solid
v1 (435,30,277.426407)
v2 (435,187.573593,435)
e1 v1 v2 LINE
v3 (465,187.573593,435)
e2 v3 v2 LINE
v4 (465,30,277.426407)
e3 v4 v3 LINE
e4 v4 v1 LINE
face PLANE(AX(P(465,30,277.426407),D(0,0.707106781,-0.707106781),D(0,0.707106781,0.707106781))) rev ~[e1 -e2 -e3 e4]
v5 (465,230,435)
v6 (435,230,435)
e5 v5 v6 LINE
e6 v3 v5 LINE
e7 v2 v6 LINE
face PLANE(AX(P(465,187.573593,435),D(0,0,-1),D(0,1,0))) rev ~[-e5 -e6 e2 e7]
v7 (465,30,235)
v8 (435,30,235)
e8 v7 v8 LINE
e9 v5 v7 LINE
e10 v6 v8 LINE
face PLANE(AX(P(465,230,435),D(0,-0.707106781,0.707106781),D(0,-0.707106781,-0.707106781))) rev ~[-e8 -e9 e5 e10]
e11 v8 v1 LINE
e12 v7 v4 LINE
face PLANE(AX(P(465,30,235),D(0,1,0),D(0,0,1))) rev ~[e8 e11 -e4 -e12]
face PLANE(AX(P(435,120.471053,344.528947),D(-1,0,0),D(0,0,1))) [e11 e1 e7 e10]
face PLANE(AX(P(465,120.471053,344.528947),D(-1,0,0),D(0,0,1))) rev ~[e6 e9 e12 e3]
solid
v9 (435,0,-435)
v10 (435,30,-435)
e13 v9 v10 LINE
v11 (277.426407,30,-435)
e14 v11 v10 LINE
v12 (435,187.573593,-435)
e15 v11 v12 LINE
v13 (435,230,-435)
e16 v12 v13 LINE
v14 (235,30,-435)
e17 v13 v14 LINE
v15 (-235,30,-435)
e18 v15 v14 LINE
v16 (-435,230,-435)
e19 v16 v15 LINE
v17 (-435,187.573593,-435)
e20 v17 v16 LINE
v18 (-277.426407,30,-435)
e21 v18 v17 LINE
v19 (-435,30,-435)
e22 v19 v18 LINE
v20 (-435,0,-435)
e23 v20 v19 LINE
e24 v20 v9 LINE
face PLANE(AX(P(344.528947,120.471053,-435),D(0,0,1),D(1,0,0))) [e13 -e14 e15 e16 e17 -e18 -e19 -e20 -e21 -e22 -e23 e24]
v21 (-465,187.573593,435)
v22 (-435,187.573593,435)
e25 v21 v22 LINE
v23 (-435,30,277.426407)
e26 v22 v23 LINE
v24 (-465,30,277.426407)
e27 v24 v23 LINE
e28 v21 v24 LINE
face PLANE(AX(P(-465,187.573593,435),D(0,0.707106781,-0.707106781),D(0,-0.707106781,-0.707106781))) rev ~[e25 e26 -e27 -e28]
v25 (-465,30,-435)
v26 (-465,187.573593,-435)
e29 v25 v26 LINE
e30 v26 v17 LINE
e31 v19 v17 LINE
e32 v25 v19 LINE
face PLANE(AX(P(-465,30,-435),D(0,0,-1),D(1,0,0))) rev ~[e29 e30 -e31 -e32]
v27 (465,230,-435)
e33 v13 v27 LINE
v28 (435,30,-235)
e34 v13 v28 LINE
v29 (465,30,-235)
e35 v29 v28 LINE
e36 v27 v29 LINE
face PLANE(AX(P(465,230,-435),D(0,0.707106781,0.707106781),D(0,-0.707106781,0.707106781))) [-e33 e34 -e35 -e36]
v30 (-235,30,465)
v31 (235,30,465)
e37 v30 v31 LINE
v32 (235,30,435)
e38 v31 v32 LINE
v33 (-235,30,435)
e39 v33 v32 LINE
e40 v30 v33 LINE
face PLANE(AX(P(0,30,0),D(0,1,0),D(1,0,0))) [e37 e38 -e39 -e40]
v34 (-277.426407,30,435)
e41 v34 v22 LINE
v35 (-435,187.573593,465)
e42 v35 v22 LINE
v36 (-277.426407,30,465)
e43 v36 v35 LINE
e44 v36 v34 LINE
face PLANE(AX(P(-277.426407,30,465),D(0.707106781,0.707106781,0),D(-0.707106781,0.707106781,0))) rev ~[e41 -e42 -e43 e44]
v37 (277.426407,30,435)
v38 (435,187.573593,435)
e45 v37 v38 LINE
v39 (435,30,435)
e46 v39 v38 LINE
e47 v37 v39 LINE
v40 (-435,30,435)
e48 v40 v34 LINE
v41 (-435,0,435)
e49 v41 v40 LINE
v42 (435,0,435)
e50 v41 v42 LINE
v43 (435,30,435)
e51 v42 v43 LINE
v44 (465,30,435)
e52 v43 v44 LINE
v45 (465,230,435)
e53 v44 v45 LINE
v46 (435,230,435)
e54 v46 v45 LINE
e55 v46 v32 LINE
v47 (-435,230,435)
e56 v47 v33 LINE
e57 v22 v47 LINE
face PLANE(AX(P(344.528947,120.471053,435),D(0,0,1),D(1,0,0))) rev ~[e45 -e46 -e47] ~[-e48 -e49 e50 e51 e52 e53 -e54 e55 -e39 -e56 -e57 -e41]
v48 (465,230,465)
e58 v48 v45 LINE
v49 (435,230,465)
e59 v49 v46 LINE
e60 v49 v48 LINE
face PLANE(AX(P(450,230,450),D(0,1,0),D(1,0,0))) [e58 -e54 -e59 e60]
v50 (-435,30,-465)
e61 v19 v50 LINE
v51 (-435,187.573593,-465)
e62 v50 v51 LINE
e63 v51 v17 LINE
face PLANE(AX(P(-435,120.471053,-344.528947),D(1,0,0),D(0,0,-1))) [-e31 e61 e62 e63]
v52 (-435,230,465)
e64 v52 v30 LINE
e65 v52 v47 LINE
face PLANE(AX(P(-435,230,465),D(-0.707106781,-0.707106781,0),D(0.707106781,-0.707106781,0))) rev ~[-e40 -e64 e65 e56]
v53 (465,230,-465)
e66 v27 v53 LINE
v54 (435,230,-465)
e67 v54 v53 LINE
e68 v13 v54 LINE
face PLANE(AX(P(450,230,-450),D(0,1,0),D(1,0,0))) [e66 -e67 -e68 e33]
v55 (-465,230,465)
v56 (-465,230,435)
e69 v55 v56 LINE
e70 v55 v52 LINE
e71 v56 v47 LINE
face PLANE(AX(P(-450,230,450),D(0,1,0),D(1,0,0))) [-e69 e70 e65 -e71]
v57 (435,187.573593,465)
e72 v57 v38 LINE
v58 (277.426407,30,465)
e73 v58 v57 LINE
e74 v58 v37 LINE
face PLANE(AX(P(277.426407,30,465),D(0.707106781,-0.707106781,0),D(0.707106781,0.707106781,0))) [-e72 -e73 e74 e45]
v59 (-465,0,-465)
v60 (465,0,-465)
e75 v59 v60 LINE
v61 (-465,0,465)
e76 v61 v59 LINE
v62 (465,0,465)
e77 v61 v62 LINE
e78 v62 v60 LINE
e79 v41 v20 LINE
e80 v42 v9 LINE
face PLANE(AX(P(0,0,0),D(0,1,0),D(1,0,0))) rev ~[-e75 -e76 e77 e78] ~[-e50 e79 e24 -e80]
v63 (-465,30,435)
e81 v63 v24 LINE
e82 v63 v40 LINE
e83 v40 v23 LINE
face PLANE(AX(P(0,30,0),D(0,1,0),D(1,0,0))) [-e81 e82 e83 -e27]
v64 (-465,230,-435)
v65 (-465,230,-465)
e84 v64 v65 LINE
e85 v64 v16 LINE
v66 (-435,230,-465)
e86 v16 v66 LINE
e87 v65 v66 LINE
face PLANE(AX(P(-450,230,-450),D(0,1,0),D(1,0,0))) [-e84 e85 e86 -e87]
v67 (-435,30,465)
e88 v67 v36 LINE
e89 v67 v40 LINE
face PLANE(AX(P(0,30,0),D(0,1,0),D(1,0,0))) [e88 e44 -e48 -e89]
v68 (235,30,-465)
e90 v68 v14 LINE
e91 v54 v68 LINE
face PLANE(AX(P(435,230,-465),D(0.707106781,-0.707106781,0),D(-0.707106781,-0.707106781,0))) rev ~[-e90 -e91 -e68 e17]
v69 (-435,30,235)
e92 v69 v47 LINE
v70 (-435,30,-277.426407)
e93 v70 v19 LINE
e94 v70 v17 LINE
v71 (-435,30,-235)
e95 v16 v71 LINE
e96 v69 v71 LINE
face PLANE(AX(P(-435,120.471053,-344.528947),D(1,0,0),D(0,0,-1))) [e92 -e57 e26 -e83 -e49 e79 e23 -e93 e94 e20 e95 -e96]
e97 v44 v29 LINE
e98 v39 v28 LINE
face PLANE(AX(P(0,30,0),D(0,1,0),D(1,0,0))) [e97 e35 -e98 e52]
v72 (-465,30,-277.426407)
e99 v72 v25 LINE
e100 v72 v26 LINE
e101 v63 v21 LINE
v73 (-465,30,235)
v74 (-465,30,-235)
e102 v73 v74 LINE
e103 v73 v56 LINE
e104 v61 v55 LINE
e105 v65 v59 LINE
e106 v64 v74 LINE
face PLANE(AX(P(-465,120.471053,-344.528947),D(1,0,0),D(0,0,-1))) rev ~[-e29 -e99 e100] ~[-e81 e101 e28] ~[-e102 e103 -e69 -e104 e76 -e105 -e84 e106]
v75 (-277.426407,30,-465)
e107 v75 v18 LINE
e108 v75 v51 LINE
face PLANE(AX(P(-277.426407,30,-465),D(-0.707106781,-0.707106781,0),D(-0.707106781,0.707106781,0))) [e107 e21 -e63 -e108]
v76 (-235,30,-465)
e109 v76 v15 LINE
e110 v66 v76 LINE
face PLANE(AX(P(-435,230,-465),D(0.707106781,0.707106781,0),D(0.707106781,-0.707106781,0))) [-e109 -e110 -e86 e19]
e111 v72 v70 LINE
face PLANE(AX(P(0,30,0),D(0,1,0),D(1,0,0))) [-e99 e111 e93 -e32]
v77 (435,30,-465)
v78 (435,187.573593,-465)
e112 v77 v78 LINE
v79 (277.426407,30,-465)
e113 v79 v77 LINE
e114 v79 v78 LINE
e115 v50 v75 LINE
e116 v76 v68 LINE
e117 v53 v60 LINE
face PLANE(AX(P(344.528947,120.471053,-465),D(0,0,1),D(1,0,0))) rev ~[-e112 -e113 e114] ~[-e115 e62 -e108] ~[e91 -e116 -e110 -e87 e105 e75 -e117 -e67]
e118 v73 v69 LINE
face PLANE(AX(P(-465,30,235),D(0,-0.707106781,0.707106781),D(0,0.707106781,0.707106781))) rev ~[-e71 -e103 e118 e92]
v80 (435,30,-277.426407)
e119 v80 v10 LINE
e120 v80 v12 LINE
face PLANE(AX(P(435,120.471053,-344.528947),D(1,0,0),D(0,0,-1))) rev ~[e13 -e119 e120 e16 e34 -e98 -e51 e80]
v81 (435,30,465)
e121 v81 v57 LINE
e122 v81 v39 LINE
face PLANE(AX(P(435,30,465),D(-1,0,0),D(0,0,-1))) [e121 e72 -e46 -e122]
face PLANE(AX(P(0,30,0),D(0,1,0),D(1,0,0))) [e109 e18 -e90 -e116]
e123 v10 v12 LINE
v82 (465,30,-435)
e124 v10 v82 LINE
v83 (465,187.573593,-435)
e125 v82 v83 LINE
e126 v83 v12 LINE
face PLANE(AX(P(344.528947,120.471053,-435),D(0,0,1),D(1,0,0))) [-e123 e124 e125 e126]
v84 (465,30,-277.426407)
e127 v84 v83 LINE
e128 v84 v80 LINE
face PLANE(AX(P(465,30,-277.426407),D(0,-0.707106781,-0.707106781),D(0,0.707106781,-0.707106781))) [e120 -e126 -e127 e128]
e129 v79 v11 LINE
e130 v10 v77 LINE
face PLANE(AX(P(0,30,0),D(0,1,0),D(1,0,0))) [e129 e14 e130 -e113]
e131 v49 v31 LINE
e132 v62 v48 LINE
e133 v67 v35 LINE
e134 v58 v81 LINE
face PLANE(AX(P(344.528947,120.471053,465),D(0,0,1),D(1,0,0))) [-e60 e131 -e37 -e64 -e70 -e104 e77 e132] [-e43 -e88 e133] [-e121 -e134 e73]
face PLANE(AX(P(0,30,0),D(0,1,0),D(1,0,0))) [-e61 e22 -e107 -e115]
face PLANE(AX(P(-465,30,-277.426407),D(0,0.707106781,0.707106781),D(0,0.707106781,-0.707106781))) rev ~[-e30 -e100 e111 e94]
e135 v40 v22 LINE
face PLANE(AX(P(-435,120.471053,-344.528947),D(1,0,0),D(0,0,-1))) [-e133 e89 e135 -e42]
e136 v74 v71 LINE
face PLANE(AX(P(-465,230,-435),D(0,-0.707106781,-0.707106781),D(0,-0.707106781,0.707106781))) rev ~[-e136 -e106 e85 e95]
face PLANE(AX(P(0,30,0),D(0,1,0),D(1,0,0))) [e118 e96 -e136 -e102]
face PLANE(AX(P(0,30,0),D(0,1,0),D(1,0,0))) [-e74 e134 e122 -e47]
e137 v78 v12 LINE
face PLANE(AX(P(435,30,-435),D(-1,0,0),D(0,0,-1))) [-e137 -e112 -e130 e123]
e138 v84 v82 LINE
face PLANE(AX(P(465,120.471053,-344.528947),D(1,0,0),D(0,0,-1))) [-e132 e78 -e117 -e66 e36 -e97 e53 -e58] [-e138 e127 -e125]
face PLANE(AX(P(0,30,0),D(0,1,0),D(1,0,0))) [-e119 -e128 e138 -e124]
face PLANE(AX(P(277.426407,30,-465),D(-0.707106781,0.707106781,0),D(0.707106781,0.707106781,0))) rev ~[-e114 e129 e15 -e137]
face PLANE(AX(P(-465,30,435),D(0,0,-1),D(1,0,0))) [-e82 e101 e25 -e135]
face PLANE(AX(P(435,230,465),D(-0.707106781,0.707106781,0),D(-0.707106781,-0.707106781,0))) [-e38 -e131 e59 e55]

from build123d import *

# Parameters (mm, degrees)
SKETCH1_W            = 930
SKETCH1_H            = 930
SKETCH1_W_2          = 870
SKETCH1_H_2          = 870
BOSS_EXTRUDE1_DEPTH  = 30
SKETCH2_W            = 30
SKETCH2_H            = 30
BOSS_EXTRUDE2_DEPTH  = 200
BOSS_EXTRUDE3_DEPTH  = 30
BOSS_EXTRUDE4_DEPTH  = 30
BOSS_EXTRUDE5_DEPTH  = 30
BOSS_EXTRUDE6_DEPTH  = 30
BOSS_EXTRUDE7_DEPTH  = 30
BOSS_EXTRUDE8_DEPTH  = 30
BOSS_EXTRUDE9_DEPTH  = 30
BOSS_EXTRUDE10_DEPTH = 30


with BuildPart() as part:
    # Sketch1 → Boss-Extrude1 (new body)
    with BuildSketch(Plane(origin=(0, 0, 0), x_dir=(1, 0, 0), z_dir=(0, 1, 0))):
        Rectangle(SKETCH1_W, SKETCH1_H)
        Rectangle(SKETCH1_W_2, SKETCH1_H_2, mode=Mode.SUBTRACT)
    extrude(amount=BOSS_EXTRUDE1_DEPTH)

    # Sketch2 → Boss-Extrude2 (add)
    with BuildSketch(Plane(origin=(0, 30, 0), x_dir=(1, 0, 0), z_dir=(0, 1, 0))):
        with Locations((-450, 450)):
            Rectangle(SKETCH2_W, SKETCH2_H)
        with Locations((450, 450)):
            Rectangle(SKETCH2_W, SKETCH2_H)
        with Locations((450, -450)):
            Rectangle(SKETCH2_W, SKETCH2_H)
        with Locations((-450, -450)):
            Rectangle(SKETCH2_W, SKETCH2_H)
    extrude(amount=BOSS_EXTRUDE2_DEPTH)

    # Sketch4 → Boss-Extrude3 (add)
    with BuildSketch(Plane.ZY.offset(465)):
        Polygon((435, 187.573593129), (277.426406871, 30), (235, 30), (435, 230), align=None)
    extrude(amount=-BOSS_EXTRUDE3_DEPTH)

    # Sketch5 → Boss-Extrude4 (add)
    with BuildSketch(Plane.ZY.offset(465)):
        Polygon((-435, 187.573593129), (-435, 230), (-235, 30), (-277.426406871, 30), align=None)
    extrude(amount=-BOSS_EXTRUDE4_DEPTH)

    # Sketch6 → Boss-Extrude5 (add)
    with BuildSketch(Plane(origin=(0, 0, -465), x_dir=(-1, 0, 0), z_dir=(0, 0, -1))):
        Polygon((435, 230), (235, 30), (277.426406871, 30), (435, 187.573593129), align=None)
    extrude(amount=-BOSS_EXTRUDE5_DEPTH)

    # Sketch7 → Boss-Extrude6 (add)
    with BuildSketch(Plane(origin=(0, 0, -465), x_dir=(-1, 0, 0), z_dir=(0, 0, -1))):
        Polygon((-435, 230), (-235, 30), (-277.426406871, 30), (-435, 187.573593129), align=None)
    extrude(amount=-BOSS_EXTRUDE6_DEPTH)

    # Sketch8 → Boss-Extrude7 (add)
    with BuildSketch(Plane.XY.offset(465)):
        Polygon((-435, 230), (-235, 30), (-277.426406871, 30), (-435, 187.573593129), align=None)
    extrude(amount=-BOSS_EXTRUDE7_DEPTH)

    # Sketch9 → Boss-Extrude8 (add)
    with BuildSketch(Plane.XY.offset(465)):
        Polygon((435, 230), (235, 30), (277.426406871, 30), (435, 187.573593129), align=None)
    extrude(amount=-BOSS_EXTRUDE8_DEPTH)

    # Sketch11 → Boss-Extrude10 (add)
    with BuildSketch(Plane(origin=(465, 0, 0), x_dir=(0, 0, -1), z_dir=(1, 0, 0))):
        Polygon((435, 230), (235, 30), (277.426406871, 30), (435, 187.573593129), align=None)
    extrude(amount=-BOSS_EXTRUDE10_DEPTH)


with BuildPart() as body_2:
    # Sketch10 → Boss-Extrude9 (new body)
    with BuildSketch(Plane(origin=(465, 0, 0), x_dir=(0, 0, -1), z_dir=(1, 0, 0))):
        Polygon((-435, 230), (-235, 30), (-277.426406871, 30), (-435, 187.573593129), align=None)
    extrude(amount=-BOSS_EXTRUDE9_DEPTH)


solid = Compound([part.part, body_2.part])
